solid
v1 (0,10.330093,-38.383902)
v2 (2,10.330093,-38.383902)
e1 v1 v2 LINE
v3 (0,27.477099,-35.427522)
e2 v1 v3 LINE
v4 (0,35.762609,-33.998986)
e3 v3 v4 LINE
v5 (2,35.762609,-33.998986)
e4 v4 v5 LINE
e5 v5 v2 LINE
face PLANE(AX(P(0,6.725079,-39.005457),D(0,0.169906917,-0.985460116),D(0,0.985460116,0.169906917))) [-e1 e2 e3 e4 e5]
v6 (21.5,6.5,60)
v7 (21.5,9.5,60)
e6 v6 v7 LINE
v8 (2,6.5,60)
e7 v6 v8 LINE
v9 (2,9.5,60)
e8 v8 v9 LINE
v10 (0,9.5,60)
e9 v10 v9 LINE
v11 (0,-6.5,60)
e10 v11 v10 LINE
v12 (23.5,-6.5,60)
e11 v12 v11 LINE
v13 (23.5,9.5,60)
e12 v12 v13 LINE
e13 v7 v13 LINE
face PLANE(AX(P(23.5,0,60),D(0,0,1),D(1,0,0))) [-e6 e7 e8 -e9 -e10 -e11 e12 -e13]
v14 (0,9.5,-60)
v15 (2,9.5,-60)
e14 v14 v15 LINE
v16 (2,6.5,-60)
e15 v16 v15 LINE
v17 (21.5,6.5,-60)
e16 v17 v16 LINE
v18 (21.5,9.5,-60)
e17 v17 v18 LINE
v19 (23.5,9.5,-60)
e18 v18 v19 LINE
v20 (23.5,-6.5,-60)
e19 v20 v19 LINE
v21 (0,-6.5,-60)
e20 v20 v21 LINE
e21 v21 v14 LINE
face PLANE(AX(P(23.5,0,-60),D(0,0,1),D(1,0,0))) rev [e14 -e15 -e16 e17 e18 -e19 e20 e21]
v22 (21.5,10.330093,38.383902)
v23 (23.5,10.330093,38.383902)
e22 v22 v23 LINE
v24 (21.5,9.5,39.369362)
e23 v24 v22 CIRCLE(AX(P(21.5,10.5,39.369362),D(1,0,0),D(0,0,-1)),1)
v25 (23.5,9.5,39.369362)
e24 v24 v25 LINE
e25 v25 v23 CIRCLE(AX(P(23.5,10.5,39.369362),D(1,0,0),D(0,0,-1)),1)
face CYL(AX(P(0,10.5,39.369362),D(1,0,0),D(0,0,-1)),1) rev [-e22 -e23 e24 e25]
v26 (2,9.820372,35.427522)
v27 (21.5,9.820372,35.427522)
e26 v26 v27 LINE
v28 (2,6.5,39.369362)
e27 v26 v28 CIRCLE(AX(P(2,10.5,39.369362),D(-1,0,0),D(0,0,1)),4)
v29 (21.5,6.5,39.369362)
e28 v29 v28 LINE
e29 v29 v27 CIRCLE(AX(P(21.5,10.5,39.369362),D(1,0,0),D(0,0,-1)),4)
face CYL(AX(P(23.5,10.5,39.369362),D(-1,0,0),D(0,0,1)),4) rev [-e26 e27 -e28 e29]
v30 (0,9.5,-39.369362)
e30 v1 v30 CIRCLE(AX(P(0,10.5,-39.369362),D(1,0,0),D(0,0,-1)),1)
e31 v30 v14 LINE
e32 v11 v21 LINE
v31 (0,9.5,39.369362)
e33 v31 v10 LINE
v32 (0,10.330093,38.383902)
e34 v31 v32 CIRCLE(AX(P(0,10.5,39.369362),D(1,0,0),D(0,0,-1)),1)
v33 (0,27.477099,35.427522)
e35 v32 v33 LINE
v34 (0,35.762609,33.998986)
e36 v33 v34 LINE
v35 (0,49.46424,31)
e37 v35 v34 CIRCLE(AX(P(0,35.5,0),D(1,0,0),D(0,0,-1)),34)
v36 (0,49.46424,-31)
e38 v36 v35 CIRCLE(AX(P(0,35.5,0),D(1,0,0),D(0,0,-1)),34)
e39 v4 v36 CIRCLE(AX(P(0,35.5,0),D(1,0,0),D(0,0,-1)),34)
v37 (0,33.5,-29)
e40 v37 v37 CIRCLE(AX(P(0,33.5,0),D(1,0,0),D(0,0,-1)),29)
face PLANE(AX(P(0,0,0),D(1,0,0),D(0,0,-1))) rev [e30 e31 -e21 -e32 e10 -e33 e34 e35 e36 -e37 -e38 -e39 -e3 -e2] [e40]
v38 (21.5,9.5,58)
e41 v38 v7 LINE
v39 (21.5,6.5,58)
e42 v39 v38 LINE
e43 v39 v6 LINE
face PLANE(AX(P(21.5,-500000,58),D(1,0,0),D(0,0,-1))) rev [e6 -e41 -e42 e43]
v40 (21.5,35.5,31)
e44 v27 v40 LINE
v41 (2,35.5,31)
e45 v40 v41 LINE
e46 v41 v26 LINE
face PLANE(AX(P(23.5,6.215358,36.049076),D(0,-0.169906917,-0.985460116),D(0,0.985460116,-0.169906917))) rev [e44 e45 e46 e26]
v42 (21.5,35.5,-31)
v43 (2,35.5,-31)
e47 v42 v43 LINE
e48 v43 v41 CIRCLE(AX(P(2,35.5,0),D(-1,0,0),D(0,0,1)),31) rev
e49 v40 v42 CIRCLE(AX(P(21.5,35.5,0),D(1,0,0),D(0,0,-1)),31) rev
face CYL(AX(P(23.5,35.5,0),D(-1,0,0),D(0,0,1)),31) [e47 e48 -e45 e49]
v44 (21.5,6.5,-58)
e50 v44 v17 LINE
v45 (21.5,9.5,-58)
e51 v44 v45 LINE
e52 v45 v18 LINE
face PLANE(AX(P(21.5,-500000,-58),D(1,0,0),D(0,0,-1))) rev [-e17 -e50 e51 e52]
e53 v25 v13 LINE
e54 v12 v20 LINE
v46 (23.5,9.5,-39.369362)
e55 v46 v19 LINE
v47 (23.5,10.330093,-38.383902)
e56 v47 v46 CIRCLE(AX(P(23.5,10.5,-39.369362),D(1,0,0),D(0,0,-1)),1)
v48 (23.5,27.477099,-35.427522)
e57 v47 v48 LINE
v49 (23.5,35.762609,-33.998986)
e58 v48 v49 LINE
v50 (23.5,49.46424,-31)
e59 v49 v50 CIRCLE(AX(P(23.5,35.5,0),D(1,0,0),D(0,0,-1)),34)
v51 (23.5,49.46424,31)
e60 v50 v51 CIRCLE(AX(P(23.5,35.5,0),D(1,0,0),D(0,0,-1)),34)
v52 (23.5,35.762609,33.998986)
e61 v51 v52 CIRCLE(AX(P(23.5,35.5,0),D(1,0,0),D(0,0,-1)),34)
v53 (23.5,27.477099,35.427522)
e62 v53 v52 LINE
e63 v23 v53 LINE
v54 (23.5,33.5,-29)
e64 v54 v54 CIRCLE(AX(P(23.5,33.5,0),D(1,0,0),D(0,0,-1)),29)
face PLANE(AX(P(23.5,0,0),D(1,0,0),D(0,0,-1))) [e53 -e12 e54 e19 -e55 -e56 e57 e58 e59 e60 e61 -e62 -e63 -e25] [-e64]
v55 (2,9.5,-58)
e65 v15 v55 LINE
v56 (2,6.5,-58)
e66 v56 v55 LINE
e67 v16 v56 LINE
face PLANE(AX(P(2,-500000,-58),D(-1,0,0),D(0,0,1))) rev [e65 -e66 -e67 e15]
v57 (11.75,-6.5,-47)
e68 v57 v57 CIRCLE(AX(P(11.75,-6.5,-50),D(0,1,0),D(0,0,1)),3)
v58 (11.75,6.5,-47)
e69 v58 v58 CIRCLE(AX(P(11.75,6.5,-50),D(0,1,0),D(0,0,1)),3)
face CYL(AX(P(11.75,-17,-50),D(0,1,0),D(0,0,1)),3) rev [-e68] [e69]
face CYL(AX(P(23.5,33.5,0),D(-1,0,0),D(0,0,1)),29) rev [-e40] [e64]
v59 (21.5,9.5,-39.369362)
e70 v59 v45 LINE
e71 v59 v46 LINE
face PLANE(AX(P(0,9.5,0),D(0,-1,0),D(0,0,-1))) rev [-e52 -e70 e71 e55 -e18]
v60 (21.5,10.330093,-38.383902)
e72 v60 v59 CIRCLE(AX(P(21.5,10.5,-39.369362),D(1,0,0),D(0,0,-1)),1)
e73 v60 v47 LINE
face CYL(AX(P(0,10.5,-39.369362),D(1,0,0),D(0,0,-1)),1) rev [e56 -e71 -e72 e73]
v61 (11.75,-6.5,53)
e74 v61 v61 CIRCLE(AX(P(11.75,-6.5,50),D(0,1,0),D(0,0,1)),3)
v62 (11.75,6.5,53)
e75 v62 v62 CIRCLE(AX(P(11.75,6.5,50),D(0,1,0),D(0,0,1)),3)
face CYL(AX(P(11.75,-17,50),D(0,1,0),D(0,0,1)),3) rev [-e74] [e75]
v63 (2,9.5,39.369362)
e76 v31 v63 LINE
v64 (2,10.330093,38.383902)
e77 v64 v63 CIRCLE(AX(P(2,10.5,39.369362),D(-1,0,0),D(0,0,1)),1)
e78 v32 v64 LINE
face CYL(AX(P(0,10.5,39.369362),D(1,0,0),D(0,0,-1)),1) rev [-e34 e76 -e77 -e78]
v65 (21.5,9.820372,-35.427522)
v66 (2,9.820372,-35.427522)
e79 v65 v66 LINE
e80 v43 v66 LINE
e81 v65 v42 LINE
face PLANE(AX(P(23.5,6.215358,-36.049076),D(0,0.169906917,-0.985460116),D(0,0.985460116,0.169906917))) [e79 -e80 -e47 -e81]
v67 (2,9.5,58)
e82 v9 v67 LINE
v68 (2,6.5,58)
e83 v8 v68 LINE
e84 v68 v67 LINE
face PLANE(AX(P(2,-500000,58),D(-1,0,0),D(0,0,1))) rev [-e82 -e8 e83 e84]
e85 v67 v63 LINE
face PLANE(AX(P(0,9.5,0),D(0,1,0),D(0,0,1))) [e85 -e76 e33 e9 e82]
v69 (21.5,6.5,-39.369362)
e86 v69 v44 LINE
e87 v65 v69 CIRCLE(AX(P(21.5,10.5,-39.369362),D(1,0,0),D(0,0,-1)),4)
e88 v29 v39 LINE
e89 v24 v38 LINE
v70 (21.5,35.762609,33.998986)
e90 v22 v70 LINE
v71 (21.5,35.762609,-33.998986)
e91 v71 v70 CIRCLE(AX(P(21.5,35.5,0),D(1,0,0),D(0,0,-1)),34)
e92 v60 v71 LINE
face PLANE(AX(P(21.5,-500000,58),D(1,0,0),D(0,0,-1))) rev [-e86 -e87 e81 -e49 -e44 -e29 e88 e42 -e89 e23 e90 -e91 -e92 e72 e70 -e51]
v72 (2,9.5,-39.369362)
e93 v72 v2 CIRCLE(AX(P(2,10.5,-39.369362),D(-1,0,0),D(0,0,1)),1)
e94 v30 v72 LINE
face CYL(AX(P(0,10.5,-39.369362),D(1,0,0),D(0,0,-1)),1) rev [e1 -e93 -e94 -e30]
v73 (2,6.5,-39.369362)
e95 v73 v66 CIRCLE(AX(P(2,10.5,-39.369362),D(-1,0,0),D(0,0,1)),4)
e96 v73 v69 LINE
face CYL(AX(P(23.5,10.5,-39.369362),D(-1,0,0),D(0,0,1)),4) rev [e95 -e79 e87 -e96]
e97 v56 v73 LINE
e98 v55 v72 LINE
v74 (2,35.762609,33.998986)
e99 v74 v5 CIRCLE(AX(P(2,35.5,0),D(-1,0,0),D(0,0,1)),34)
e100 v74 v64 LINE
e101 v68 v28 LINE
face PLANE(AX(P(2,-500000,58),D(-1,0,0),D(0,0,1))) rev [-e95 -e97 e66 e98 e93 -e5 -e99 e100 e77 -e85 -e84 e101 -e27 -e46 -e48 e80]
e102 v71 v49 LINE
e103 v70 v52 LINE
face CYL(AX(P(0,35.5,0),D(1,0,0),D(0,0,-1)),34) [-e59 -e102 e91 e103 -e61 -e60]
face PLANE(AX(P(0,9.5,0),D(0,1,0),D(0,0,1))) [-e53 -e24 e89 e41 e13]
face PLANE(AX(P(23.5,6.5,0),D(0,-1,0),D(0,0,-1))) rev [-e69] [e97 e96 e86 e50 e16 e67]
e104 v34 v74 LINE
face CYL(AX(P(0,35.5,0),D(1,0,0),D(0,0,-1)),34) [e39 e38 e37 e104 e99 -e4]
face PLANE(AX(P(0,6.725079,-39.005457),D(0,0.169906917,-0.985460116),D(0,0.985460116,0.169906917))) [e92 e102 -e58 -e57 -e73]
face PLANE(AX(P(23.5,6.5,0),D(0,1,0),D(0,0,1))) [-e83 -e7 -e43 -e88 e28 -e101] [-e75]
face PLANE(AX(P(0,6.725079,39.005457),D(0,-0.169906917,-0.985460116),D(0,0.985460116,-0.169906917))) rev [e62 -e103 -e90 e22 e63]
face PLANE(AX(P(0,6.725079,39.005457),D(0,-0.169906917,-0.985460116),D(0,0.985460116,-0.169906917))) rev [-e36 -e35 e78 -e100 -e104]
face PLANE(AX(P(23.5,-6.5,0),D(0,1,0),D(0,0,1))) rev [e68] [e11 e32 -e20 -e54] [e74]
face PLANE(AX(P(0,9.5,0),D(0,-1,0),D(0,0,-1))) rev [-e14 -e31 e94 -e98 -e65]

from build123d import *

# Parameters (mm, degrees)
SZKIC2_R                    = 29
DODANIE_WYCI_GNI_CIE2_DEPTH = 23.5
SZKIC3_R                    = 3
WYTNIJ_WYCI_GNI_CIE1_DEPTH  = 23.5
ZAOKR_GLENIE1_R             = 4
DODANIE_WYCI_GNI_CIE3_REACH = 82
WYTNIJ_WYCI_GNI_CIE2_DEPTH  = 23.5


with BuildPart() as part:
    # Szkic2 → Dodanie-wyciągnięcie2 (new body)
    with BuildSketch(Plane(origin=(0, 0, 0), x_dir=(0, 0, -1), z_dir=(1, 0, 0))):
        with BuildLine():
            Line((-60, -6.5), (60, -6.5))
            Line((60, -6.5), (60, 6.5))
            Line((60, 6.5), (36, 6.5))
            Line((36, 6.5), (31, 35.5))
            ThreePointArc((31, 35.5), (0, 66.5), (-31, 35.5))
            Line((-31, 35.5), (-36, 6.5))
            Line((-36, 6.5), (-60, 6.5))
            Line((-60, 6.5), (-60, -6.5))
        make_face()
        with Locations((0, 33.5)):
            Circle(SZKIC2_R, mode=Mode.SUBTRACT)
    extrude(amount=DODANIE_WYCI_GNI_CIE2_DEPTH)

    # Szkic3 → Wytnij-wyciągnięcie1 (cut)
    with BuildSketch(Plane(origin=(0, 6.5, 0), x_dir=(1, 0, 0), z_dir=(0, 1, 0))):
        with Locations((11.75, 50)):
            Circle(SZKIC3_R)
        with Locations((11.75, -50)):
            Circle(SZKIC3_R)
    extrude(amount=-WYTNIJ_WYCI_GNI_CIE1_DEPTH, mode=Mode.SUBTRACT)

    # Zaokrąglenie1
    zaokr_glenie1_edges = [part.edges().sort_by_distance(p)[0] for p in [
        (11.75, 6.5, -36),
        (11.75, 6.5, 36),
    ]]
    fillet(zaokr_glenie1_edges, radius=ZAOKR_GLENIE1_R)

    # Szkic4 → Dodanie-wyciągnięcie3 (add, up to next)
    with BuildSketch(Plane(origin=(0, 73.5, 0), x_dir=(-1, 0, 0), z_dir=(0, -1, 0)), mode=Mode.PRIVATE) as dodanie_wyci_gni_cie3_sk1:
        Polygon((0, 60), (0, 39.369362474), (0, 35.427522011), (0, 31), (0, -31), (0, -35.427522011), (0, -39.369362474), (0, -60), (-2, -60), (-2, -58), (-2, 58), (-2, 60), align=None)
    dodanie_wyci_gni_cie3_tool1 = extrude(dodanie_wyci_gni_cie3_sk1.sketch, amount=DODANIE_WYCI_GNI_CIE3_REACH, mode=Mode.PRIVATE) - part.part
    add(dodanie_wyci_gni_cie3_tool1.solids().sort_by_distance((1, 73.5, 0))[0])
    # Szkic4 → Dodanie-wyciągnięcie3 (add, up to next)
    with BuildSketch(Plane(origin=(0, 73.5, 0), x_dir=(-1, 0, 0), z_dir=(0, -1, 0)), mode=Mode.PRIVATE) as dodanie_wyci_gni_cie3_sk2:
        Polygon((-23.5, 39.369362474), (-23.5, 60), (-21.5, 60), (-21.5, 58), (-21.5, -58), (-21.5, -60), (-23.5, -60), (-23.5, -39.369362474), (-23.5, -35.427522011), (-23.5, -31), (-23.5, 31), (-23.5, 35.427522011), align=None)
    dodanie_wyci_gni_cie3_tool2 = extrude(dodanie_wyci_gni_cie3_sk2.sketch, amount=DODANIE_WYCI_GNI_CIE3_REACH, mode=Mode.PRIVATE) - part.part
    add(dodanie_wyci_gni_cie3_tool2.solids().sort_by_distance((22.5, 73.5, 0))[0])

    # Szkic5 → Wytnij-wyciągnięcie2 (cut)
    with BuildSketch(Plane(origin=(23.5, 0, 0), x_dir=(0, 0, -1), z_dir=(1, 0, 0))):
        Polygon((-60, 73.5), (-60, 9.5), (-58, 9.5), (-39.369362474, 9.5), (-39.369362474, 73.5), align=None)
        with BuildLine():
            Line((-39.369362474, 73.5), (-39.369362474, 9.5))
            ThreePointArc((-39.369362474, 9.5), (-38.725121416, 9.735177499), (-38.383902359, 10.330093083))
            Line((-38.383902359, 10.330093083), (-35.427522011, 27.477099097))
            Line((-35.427522011, 27.477099097), (-35.427522011, 73.5))
            Line((-35.427522011, 73.5), (-39.369362474, 73.5))
        make_face()
        with BuildLine():
            Line((-31, 73.5), (-31, 49.464240044))
            ThreePointArc((-31, 49.464240044), (0, 69.5), (31, 49.464240044))
            Line((31, 49.464240044), (31, 73.5))
            Line((31, 73.5), (-31, 73.5))
        make_face()
        with BuildLine():
            Line((-35.427522011, 73.5), (-35.427522011, 27.477099097))
            Line((-35.427522011, 27.477099097), (-33.998985816, 35.762609032))
            ThreePointArc((-33.998985816, 35.762609032), (-33.213712716, 42.769751553), (-31, 49.464240044))
            Line((-31, 49.464240044), (-31, 73.5))
            Line((-31, 73.5), (-35.427522011, 73.5))
        make_face()
        with BuildLine():
            Line((35.427522011, 73.5), (35.427522011, 27.477099097))
            Line((35.427522011, 27.477099097), (38.383902359, 10.330093083))
            ThreePointArc((38.383902359, 10.330093083), (38.725121416, 9.735177499), (39.369362474, 9.5))
            Line((39.369362474, 9.5), (39.369362474, 73.5))
            Line((39.369362474, 73.5), (35.427522011, 73.5))
        make_face()
        with BuildLine():
            Line((31, 73.5), (31, 49.464240044))
            ThreePointArc((31, 49.464240044), (33.213712716, 42.769751553), (33.998985816, 35.762609032))
            Line((33.998985816, 35.762609032), (35.427522011, 27.477099097))
            Line((35.427522011, 27.477099097), (35.427522011, 73.5))
            Line((35.427522011, 73.5), (31, 73.5))
        make_face()
        Polygon((39.369362474, 73.5), (39.369362474, 9.5), (58, 9.5), (60, 9.5), (60, 73.5), align=None)
    extrude(amount=-WYTNIJ_WYCI_GNI_CIE2_DEPTH, mode=Mode.SUBTRACT)


solid = part.part
